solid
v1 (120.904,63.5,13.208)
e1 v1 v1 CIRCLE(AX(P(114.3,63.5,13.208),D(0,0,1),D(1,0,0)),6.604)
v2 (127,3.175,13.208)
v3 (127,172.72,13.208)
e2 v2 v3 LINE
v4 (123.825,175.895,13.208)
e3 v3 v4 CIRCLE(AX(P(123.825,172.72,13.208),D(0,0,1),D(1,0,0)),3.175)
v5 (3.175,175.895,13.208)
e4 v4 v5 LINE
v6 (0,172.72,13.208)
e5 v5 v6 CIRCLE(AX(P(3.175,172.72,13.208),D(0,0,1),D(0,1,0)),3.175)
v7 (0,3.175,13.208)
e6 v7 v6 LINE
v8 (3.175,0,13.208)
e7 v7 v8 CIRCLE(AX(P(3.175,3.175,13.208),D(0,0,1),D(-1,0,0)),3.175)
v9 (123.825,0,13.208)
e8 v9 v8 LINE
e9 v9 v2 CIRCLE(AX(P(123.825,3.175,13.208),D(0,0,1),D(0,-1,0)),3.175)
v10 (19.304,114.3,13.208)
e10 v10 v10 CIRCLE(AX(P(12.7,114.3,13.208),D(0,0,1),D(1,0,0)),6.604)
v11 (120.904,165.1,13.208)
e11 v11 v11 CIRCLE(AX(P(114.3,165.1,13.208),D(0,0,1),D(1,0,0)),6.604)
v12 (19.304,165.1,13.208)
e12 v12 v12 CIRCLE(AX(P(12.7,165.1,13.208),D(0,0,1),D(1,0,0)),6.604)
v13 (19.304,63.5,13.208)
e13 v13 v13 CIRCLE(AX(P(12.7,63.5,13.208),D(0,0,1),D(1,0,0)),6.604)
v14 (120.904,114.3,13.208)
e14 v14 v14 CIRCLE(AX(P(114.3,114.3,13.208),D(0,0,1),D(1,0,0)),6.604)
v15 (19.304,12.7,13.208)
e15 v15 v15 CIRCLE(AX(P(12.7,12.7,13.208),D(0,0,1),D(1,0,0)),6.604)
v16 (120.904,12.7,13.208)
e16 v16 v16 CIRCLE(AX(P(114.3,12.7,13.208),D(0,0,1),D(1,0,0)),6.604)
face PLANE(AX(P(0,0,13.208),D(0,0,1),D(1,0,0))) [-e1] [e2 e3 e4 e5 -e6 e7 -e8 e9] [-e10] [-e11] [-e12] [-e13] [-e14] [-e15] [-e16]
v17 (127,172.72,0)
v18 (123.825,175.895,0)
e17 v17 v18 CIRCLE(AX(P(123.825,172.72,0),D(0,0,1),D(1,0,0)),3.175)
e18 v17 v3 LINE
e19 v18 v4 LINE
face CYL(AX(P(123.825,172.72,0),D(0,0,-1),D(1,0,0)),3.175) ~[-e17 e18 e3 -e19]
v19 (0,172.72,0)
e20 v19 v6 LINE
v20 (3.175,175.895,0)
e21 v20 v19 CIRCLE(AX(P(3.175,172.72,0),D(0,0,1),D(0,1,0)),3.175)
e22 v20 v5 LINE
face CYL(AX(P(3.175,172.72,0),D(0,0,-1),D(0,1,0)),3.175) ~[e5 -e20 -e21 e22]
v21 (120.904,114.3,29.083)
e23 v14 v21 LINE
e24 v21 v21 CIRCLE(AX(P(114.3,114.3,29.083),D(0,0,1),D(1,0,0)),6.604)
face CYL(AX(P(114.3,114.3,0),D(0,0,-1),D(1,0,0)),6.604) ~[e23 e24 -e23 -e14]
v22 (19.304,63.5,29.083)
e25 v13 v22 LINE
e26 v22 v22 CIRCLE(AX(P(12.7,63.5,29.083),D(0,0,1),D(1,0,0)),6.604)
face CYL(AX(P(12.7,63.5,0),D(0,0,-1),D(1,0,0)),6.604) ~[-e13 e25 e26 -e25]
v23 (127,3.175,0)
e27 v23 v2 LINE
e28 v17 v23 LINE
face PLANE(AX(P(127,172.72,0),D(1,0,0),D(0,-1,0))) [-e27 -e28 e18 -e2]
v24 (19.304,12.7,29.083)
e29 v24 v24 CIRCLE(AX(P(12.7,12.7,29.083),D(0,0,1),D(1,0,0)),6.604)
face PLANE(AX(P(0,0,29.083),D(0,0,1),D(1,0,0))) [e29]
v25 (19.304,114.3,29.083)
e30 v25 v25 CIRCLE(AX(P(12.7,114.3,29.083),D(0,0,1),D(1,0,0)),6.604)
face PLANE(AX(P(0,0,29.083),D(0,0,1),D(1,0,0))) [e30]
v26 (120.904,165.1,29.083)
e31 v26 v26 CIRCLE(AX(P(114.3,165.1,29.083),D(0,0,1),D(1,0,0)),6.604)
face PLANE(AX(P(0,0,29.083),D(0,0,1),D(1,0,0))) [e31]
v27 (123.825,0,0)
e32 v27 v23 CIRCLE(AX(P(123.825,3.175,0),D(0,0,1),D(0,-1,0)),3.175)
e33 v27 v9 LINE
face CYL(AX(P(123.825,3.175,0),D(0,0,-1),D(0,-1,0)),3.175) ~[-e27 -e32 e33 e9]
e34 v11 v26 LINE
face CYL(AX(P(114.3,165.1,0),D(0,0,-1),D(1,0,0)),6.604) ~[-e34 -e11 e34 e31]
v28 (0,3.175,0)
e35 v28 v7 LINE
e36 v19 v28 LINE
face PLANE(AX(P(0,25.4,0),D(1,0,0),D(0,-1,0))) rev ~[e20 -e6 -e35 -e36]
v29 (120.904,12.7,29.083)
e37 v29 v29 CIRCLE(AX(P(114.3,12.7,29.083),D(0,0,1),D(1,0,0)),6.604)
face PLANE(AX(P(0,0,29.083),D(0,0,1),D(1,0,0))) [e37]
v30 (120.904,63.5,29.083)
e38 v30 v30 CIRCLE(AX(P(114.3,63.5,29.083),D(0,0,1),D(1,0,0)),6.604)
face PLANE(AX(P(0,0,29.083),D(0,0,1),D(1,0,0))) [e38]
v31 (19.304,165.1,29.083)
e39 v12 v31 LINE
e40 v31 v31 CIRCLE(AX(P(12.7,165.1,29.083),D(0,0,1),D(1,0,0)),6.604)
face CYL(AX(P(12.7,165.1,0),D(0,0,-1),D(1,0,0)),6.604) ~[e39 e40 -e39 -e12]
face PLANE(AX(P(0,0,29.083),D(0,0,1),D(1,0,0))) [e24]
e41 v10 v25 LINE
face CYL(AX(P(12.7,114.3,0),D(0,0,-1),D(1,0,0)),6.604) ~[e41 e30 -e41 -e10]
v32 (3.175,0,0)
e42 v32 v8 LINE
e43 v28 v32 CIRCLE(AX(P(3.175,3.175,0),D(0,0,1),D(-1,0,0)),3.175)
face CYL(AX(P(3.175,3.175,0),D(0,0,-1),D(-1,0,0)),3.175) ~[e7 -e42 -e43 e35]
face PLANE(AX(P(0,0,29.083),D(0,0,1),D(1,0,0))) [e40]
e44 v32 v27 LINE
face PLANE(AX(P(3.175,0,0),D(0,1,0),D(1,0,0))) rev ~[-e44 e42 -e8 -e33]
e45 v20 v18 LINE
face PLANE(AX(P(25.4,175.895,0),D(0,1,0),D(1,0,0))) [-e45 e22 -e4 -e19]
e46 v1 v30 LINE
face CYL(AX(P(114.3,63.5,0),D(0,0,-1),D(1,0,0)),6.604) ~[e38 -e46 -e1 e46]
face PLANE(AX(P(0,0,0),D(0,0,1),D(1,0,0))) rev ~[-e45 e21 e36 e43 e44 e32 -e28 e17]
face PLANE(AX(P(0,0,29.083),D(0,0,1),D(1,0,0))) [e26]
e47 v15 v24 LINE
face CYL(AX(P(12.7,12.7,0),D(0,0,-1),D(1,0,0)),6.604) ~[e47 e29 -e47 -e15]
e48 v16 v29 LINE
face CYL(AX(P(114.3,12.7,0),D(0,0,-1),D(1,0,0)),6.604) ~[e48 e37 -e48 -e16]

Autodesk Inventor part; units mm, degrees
ref_plane "YZ Plane" through (0, 0, 0) normal (1, 0, 0) x (0, 1, 0)
ref_plane "XZ Plane" through (0, 0, 0) normal (0, 1, 0) x (-1, 0, 0)
ref_plane "XY Plane" through (0, 0, 0) normal (0, 0, 1) x (1, 0, 0)
sketch "Sketch1" plane through (0, 0, 0) normal (0, 0, 1) x (1, 0, 0)
  line L0 (3.175, 0) -> (63.5, 0)
  line L1 (25.4, 150.495) -> (0, 150.495)
  line L2 (0, 150.495) -> (0, 3.175)
  line L3 (3.175, 0) -> (25.4, 0)
  line L4 (25.4, 0) -> (25.4, 25.4)
  line L5 (25.4, 25.4) -> (0, 25.4)
  line L6 (0, 25.4) -> (0, 3.175)
  circle A0 centre (12.7, 12.7) radius 6.604
  line L7 (25.4, 25.4) -> (25.4, 50.8)
  line L8 (25.4, 50.8) -> (0, 50.8)
  line L9 (0, 50.8) -> (0, 76.835)
  line L10 (0, 76.835) -> (25.4, 76.835)
  line L11 (25.4, 76.835) -> (25.4, 50.8)
  line L12 (25.4, 76.835) -> (25.4, 102.235)
  line L13 (25.4, 102.235) -> (0, 102.235)
  line L14 (0, 102.235) -> (25.4, 102.235)
  line L15 (25.4, 102.235) -> (25.4, 127.635)
  line L16 (25.4, 127.635) -> (0, 127.635)
  line L17 (0, 127.635) -> (0, 102.235)
  line L18 (25.4, 127.635) -> (25.4, 150.495)
  circle A1 centre (12.7, 63.5) radius 6.604
  circle A2 centre (12.7, 114.3) radius 6.604
  line L19 (0, 150.495) -> (25.4, 150.495)
  line L20 (25.4, 150.495) -> (25.4, 175.895)
  line L21 (25.4, 175.895) -> (3.175, 175.895)
  line L22 (0, 172.72) -> (0, 150.495)
  circle A3 centre (12.7, 165.1) radius 6.604
  line L23 (123.825, 0) -> (63.5, 0)
  line L24 (101.6, 152.4) -> (127, 152.4)
  line L25 (127, 152.4) -> (127, 3.175)
  line L26 (123.825, 0) -> (101.6, 0)
  line L27 (101.6, 0) -> (101.6, 25.4)
  line L28 (101.6, 25.4) -> (127, 25.4)
  line L29 (127, 25.4) -> (127, 3.175)
  circle A4 centre (114.3, 12.7) radius 6.604
  line L30 (101.6, 25.4) -> (101.6, 50.8)
  line L31 (101.6, 50.8) -> (127, 50.8)
  line L32 (127, 50.8) -> (127, 76.2)
  line L33 (127, 76.2) -> (101.6, 76.2)
  line L34 (101.6, 76.2) -> (101.6, 50.8)
  line L35 (101.6, 76.2) -> (101.6, 101.6)
  line L36 (101.6, 101.6) -> (127, 101.6)
  line L37 (127, 101.6) -> (101.6, 101.6)
  line L38 (101.6, 101.6) -> (101.6, 127)
  line L39 (101.6, 127) -> (127, 127)
  line L40 (127, 127) -> (127, 101.6)
  line L41 (101.6, 127) -> (101.6, 152.4)
  circle A5 centre (114.3, 63.5) radius 6.604
  circle A6 centre (114.3, 114.3) radius 6.604
  line L42 (127, 152.4) -> (101.6, 152.4)
  line L43 (101.6, 152.4) -> (101.6, 175.895)
  line L44 (101.6, 175.895) -> (123.825, 175.895)
  line L45 (127, 172.72) -> (127, 152.4)
  circle A7 centre (114.3, 165.1) radius 6.604
  arc A8 (3.175, 175.895) -> (0, 172.72) centre (3.175, 172.72) ccw
  line L46 (25.4, 175.895) -> (101.6, 175.895)
  arc A9 (127, 172.72) -> (123.825, 175.895) centre (123.825, 172.72) ccw
  arc A10 (123.825, 0) -> (127, 3.175) centre (123.825, 3.175) ccw
  arc A11 (0, 3.175) -> (3.175, 0) centre (3.175, 3.175) ccw
  point P0 (0, 0)
  point P1 (0, 175.895)
  dimension "d3" = 25.4
  dimension "d4" = 25.4
  dimension "d5" = 13.208
  dimension "d6" = 25.4
  dimension "d7" = 25.4
  dimension "d8" = 25.4
  dimension "d9" = 25.4
  dimension "d10" = 13.208
  dimension "d11" = 13.208
  dimension "d12" = 25.4
  dimension "d13" = 25.4
  dimension "d14" = 13.208
  dimension "d15" = 3.175
  dimension "d16" = 3.175
  dimension "d17" = 3.175
extrude "Extrusion1" add sketch "Sketch1" along normal blind 13.208
sketch "Sketch2" plane through (0, 0, 0) normal (0, 0, 1) x (1, 0, 0)
  circle A0 centre (12.7, 165.1) radius 6.604 projected
  circle A1 centre (12.7, 165.1) radius 6.604
  circle A2 centre (12.7, 114.3) radius 6.604 projected
  circle A3 centre (12.7, 114.3) radius 6.604
  circle A4 centre (12.7, 63.5) radius 6.604 projected
  circle A5 centre (12.7, 63.5) radius 6.604
  circle A6 centre (12.7, 12.7) radius 6.604 projected
  circle A7 centre (12.7, 12.7) radius 6.604
  circle A8 centre (114.3, 12.7) radius 6.604 projected
  circle A9 centre (114.3, 12.7) radius 6.604
  circle A10 centre (114.3, 63.5) radius 6.604 projected
  circle A11 centre (114.3, 63.5) radius 6.604
  circle A12 centre (114.3, 114.3) radius 6.604 projected
  circle A13 centre (114.3, 114.3) radius 6.604
  circle A14 centre (114.3, 165.1) radius 6.604 projected
  circle A15 centre (114.3, 165.1) radius 6.604
  point P0 (0, 0)
extrude "Extrusion2" add sketch "Sketch2" along normal blind 29.083
sketch "Sketch3" plane through (0, 0, 0) normal (0, 0, 1) x (1, 0, 0)
  point P0 (0, 0)
properties part number "BasePlateV1"
